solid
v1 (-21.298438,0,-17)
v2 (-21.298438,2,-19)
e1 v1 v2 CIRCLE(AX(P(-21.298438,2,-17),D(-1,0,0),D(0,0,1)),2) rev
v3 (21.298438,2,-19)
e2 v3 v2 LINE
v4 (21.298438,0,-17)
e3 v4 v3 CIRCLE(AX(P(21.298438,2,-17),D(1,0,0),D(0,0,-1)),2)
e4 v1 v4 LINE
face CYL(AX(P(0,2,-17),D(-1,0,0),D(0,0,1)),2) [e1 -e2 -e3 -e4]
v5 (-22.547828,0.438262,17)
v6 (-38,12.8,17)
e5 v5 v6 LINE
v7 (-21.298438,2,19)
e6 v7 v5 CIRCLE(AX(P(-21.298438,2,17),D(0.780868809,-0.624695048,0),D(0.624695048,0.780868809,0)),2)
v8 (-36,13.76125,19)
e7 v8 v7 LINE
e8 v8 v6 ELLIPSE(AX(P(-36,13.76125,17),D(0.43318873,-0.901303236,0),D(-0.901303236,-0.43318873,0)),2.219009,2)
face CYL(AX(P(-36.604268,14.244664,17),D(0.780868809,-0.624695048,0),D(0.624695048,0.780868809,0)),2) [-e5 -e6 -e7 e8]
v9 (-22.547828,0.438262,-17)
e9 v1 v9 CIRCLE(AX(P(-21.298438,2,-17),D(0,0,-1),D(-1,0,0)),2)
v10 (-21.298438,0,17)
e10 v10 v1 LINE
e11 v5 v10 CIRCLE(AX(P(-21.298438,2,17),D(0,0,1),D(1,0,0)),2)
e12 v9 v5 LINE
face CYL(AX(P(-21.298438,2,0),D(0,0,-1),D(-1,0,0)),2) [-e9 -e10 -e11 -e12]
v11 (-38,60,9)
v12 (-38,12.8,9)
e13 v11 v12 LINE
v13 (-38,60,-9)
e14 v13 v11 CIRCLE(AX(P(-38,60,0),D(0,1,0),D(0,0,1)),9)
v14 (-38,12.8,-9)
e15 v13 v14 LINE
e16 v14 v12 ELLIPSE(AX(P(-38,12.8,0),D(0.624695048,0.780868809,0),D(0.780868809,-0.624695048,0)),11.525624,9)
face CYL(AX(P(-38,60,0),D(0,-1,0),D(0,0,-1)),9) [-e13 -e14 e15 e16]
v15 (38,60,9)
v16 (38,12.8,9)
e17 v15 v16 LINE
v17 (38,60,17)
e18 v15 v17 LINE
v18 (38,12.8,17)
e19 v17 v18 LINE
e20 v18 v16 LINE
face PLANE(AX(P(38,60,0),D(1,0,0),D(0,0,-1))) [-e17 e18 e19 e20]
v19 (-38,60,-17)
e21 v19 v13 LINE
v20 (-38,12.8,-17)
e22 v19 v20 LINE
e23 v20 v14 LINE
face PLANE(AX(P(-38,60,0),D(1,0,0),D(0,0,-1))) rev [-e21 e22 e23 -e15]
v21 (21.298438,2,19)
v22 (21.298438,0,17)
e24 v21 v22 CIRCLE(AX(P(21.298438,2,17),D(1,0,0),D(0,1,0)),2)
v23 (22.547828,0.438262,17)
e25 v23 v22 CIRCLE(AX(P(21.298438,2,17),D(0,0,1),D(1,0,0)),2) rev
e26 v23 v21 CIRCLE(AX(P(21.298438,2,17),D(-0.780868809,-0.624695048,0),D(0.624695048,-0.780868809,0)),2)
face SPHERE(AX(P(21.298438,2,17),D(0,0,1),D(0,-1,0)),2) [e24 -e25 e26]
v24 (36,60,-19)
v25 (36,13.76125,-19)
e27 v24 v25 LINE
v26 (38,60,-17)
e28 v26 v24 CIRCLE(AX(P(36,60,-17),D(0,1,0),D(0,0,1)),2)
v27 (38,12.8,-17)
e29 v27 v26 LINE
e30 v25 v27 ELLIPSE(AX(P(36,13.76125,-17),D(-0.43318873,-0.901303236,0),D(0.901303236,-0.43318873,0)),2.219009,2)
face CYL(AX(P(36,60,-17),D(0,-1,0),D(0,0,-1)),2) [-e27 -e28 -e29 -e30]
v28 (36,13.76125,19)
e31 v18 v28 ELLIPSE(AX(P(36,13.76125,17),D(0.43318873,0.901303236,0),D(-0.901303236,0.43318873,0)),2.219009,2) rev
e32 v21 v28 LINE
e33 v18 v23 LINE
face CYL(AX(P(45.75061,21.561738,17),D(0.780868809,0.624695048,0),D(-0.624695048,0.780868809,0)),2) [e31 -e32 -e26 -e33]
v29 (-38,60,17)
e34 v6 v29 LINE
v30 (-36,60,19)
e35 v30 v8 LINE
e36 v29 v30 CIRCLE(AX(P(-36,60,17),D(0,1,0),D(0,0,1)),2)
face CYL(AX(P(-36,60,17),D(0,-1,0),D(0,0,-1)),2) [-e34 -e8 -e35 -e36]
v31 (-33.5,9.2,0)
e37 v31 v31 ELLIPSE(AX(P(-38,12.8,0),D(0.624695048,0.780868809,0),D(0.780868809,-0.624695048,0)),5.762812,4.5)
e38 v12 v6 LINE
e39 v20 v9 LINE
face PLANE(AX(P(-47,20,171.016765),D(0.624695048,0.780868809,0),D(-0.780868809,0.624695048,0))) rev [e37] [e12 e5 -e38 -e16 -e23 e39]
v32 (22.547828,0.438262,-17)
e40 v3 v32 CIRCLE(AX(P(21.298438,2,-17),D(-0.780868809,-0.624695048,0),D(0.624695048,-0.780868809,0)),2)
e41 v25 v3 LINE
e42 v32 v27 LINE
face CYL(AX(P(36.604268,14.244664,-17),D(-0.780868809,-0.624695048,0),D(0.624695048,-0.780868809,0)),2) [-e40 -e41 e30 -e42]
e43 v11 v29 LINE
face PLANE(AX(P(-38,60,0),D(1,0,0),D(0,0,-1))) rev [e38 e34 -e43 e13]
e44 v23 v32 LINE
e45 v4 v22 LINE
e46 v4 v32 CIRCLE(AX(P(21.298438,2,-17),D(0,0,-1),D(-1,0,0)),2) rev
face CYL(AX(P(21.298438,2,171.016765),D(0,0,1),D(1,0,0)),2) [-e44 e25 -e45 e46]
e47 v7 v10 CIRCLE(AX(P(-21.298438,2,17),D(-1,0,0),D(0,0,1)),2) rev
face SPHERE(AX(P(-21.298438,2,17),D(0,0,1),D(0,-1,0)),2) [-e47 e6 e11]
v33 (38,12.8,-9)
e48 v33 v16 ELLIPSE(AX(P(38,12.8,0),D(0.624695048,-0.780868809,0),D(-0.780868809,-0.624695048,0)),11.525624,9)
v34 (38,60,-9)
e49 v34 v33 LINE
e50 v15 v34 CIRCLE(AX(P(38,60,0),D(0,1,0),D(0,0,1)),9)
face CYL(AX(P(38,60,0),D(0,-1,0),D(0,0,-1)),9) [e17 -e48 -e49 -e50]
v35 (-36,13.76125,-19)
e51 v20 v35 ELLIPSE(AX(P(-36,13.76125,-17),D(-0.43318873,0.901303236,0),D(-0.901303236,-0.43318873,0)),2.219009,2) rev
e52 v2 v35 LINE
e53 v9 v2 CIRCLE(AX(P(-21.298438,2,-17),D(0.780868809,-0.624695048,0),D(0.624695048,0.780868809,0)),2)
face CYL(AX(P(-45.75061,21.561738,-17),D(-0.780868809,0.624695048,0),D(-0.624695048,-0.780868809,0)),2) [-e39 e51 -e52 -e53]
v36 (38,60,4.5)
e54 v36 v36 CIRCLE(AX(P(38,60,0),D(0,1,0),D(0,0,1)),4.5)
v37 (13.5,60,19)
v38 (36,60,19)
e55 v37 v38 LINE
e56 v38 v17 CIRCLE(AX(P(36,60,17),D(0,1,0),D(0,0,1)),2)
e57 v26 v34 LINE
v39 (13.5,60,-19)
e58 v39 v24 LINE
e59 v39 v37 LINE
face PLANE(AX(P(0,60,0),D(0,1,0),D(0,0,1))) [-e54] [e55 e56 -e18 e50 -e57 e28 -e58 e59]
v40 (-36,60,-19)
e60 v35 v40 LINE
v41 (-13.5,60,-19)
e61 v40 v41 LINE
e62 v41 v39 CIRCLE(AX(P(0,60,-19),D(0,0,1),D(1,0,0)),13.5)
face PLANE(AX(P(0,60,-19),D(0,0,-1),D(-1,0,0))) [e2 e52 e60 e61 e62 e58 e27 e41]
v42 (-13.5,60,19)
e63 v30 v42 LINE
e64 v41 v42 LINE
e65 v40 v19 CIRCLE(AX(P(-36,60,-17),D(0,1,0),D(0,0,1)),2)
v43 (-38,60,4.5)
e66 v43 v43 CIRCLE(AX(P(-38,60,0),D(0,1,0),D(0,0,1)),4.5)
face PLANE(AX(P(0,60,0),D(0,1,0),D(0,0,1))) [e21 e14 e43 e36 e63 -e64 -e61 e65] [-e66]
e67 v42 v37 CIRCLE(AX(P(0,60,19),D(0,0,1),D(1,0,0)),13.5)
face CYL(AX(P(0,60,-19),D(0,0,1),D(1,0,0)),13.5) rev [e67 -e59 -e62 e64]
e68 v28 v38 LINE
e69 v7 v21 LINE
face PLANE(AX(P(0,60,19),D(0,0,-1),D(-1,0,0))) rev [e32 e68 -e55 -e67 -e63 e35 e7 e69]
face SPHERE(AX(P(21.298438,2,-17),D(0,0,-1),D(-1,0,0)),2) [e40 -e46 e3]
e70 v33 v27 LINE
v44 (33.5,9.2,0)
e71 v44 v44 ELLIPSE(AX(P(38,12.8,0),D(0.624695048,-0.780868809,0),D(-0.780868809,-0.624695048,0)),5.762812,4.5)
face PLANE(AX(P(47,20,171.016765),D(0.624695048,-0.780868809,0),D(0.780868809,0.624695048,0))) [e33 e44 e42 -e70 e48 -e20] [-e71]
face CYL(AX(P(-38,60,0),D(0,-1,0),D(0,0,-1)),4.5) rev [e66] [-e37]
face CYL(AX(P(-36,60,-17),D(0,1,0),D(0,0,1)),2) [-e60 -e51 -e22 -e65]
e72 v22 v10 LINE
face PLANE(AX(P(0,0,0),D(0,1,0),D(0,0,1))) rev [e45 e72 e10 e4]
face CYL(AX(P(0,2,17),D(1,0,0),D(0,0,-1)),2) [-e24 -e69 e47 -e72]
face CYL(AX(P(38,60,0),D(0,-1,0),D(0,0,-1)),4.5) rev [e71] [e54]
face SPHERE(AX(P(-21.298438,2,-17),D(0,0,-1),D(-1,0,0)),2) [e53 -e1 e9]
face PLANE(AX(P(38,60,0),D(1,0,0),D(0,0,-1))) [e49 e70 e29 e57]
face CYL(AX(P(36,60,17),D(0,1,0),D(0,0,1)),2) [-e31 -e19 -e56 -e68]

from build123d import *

# Parameters (mm, degrees)
ESBO_O2_R                  = 4.5
RESSALTO_EXTRUS_O1_DEPTH   = 60
CORTE_EXTRUS_O1_DEPTH      = 86.164546614
CORTE_EXTRUS_O6_DEPTH      = 79.549347547
CORTE_EXTRUS_O6_DEPTH_BACK = 79.549347547
CORTE_EXTRUS_O7_DEPTH      = 79.549347547
CORTE_EXTRUS_O7_DEPTH_BACK = 79.549347547
FILETE1_R                  = 2


with BuildPart() as part:
    # Esboço2 → Ressalto-extrusão1 (new body)
    with BuildSketch(Plane(origin=(0, 0, 0), x_dir=(1, 0, 0), z_dir=(0, 1, 0))):
        with BuildLine():
            Line((38, 19), (-38, 19))
            Line((-38, 19), (-38, 9))
            ThreePointArc((-38, 9), (-47, 0), (-38, -9))
            Line((-38, -9), (-38, -19))
            Line((-38, -19), (38, -19))
            Line((38, -19), (38, -9))
            ThreePointArc((38, -9), (47, 0), (38, 9))
            Line((38, 9), (38, 19))
        make_face()
        with Locations(Location((-38, 0, 0), (0, 0, 270))):
            Circle(ESBO_O2_R, mode=Mode.SUBTRACT)
        with Locations(Location((38, 0, 0), (0, 0, 270))):
            Circle(ESBO_O2_R, mode=Mode.SUBTRACT)
    extrude(amount=RESSALTO_EXTRUS_O1_DEPTH)

    # Esboço3 → Corte-extrusão1 (cut, through all)
    with BuildSketch(Plane.XY.offset(19)):
        with BuildLine():
            Line((13.5, 60), (-13.5, 60))
            ThreePointArc((-13.5, 60), (0, 46.5), (13.5, 60))
        make_face()
    extrude(amount=-CORTE_EXTRUS_O1_DEPTH, mode=Mode.SUBTRACT)

    # Esboço4 → Corte-extrusão6 (cut, two sides: drawn at the far end of the back side and taken through both)
    with BuildSketch(Plane.XY.offset(-CORTE_EXTRUS_O6_DEPTH_BACK)):
        Polygon((-214.350715587, 153.88057247), (-47, 20), (-22, 0), (145.350715587, -133.88057247), (-122.410429352, -468.582003645), (-482.111860527, -180.820858705), align=None)
    extrude(amount=CORTE_EXTRUS_O6_DEPTH + CORTE_EXTRUS_O6_DEPTH_BACK, mode=Mode.SUBTRACT)

    # Esboço5 → Corte-extrusão7 (cut, two sides: drawn at the far end of the back side and taken through both)
    with BuildSketch(Plane.XY.offset(-CORTE_EXTRUS_O7_DEPTH_BACK)):
        Polygon((214.350715587, 153.88057247), (47, 20), (22, 0), (-145.350715587, -133.88057247), (122.410429352, -468.582003645), (482.111860527, -180.820858705), align=None)
    extrude(amount=CORTE_EXTRUS_O7_DEPTH + CORTE_EXTRUS_O7_DEPTH_BACK, mode=Mode.SUBTRACT)

    # Filete1
    filete1_edges = [part.edges().sort_by_distance(p)[0] for p in [
        (-38, 36.4, -19),
        (38, 36.4, -19),
        (38, 36.4, 19),
        (-38, 36.4, 19),
        (0, 0, -19),
        (0, 0, 19),
        (-30, 6.4, -19),
        (-30, 6.4, 19),
        (-22, 0, 0),
        (30, 6.4, 19),
        (22, 0, 0),
        (30, 6.4, -19),
    ]]
    fillet(filete1_edges, radius=FILETE1_R)


solid = part.part
